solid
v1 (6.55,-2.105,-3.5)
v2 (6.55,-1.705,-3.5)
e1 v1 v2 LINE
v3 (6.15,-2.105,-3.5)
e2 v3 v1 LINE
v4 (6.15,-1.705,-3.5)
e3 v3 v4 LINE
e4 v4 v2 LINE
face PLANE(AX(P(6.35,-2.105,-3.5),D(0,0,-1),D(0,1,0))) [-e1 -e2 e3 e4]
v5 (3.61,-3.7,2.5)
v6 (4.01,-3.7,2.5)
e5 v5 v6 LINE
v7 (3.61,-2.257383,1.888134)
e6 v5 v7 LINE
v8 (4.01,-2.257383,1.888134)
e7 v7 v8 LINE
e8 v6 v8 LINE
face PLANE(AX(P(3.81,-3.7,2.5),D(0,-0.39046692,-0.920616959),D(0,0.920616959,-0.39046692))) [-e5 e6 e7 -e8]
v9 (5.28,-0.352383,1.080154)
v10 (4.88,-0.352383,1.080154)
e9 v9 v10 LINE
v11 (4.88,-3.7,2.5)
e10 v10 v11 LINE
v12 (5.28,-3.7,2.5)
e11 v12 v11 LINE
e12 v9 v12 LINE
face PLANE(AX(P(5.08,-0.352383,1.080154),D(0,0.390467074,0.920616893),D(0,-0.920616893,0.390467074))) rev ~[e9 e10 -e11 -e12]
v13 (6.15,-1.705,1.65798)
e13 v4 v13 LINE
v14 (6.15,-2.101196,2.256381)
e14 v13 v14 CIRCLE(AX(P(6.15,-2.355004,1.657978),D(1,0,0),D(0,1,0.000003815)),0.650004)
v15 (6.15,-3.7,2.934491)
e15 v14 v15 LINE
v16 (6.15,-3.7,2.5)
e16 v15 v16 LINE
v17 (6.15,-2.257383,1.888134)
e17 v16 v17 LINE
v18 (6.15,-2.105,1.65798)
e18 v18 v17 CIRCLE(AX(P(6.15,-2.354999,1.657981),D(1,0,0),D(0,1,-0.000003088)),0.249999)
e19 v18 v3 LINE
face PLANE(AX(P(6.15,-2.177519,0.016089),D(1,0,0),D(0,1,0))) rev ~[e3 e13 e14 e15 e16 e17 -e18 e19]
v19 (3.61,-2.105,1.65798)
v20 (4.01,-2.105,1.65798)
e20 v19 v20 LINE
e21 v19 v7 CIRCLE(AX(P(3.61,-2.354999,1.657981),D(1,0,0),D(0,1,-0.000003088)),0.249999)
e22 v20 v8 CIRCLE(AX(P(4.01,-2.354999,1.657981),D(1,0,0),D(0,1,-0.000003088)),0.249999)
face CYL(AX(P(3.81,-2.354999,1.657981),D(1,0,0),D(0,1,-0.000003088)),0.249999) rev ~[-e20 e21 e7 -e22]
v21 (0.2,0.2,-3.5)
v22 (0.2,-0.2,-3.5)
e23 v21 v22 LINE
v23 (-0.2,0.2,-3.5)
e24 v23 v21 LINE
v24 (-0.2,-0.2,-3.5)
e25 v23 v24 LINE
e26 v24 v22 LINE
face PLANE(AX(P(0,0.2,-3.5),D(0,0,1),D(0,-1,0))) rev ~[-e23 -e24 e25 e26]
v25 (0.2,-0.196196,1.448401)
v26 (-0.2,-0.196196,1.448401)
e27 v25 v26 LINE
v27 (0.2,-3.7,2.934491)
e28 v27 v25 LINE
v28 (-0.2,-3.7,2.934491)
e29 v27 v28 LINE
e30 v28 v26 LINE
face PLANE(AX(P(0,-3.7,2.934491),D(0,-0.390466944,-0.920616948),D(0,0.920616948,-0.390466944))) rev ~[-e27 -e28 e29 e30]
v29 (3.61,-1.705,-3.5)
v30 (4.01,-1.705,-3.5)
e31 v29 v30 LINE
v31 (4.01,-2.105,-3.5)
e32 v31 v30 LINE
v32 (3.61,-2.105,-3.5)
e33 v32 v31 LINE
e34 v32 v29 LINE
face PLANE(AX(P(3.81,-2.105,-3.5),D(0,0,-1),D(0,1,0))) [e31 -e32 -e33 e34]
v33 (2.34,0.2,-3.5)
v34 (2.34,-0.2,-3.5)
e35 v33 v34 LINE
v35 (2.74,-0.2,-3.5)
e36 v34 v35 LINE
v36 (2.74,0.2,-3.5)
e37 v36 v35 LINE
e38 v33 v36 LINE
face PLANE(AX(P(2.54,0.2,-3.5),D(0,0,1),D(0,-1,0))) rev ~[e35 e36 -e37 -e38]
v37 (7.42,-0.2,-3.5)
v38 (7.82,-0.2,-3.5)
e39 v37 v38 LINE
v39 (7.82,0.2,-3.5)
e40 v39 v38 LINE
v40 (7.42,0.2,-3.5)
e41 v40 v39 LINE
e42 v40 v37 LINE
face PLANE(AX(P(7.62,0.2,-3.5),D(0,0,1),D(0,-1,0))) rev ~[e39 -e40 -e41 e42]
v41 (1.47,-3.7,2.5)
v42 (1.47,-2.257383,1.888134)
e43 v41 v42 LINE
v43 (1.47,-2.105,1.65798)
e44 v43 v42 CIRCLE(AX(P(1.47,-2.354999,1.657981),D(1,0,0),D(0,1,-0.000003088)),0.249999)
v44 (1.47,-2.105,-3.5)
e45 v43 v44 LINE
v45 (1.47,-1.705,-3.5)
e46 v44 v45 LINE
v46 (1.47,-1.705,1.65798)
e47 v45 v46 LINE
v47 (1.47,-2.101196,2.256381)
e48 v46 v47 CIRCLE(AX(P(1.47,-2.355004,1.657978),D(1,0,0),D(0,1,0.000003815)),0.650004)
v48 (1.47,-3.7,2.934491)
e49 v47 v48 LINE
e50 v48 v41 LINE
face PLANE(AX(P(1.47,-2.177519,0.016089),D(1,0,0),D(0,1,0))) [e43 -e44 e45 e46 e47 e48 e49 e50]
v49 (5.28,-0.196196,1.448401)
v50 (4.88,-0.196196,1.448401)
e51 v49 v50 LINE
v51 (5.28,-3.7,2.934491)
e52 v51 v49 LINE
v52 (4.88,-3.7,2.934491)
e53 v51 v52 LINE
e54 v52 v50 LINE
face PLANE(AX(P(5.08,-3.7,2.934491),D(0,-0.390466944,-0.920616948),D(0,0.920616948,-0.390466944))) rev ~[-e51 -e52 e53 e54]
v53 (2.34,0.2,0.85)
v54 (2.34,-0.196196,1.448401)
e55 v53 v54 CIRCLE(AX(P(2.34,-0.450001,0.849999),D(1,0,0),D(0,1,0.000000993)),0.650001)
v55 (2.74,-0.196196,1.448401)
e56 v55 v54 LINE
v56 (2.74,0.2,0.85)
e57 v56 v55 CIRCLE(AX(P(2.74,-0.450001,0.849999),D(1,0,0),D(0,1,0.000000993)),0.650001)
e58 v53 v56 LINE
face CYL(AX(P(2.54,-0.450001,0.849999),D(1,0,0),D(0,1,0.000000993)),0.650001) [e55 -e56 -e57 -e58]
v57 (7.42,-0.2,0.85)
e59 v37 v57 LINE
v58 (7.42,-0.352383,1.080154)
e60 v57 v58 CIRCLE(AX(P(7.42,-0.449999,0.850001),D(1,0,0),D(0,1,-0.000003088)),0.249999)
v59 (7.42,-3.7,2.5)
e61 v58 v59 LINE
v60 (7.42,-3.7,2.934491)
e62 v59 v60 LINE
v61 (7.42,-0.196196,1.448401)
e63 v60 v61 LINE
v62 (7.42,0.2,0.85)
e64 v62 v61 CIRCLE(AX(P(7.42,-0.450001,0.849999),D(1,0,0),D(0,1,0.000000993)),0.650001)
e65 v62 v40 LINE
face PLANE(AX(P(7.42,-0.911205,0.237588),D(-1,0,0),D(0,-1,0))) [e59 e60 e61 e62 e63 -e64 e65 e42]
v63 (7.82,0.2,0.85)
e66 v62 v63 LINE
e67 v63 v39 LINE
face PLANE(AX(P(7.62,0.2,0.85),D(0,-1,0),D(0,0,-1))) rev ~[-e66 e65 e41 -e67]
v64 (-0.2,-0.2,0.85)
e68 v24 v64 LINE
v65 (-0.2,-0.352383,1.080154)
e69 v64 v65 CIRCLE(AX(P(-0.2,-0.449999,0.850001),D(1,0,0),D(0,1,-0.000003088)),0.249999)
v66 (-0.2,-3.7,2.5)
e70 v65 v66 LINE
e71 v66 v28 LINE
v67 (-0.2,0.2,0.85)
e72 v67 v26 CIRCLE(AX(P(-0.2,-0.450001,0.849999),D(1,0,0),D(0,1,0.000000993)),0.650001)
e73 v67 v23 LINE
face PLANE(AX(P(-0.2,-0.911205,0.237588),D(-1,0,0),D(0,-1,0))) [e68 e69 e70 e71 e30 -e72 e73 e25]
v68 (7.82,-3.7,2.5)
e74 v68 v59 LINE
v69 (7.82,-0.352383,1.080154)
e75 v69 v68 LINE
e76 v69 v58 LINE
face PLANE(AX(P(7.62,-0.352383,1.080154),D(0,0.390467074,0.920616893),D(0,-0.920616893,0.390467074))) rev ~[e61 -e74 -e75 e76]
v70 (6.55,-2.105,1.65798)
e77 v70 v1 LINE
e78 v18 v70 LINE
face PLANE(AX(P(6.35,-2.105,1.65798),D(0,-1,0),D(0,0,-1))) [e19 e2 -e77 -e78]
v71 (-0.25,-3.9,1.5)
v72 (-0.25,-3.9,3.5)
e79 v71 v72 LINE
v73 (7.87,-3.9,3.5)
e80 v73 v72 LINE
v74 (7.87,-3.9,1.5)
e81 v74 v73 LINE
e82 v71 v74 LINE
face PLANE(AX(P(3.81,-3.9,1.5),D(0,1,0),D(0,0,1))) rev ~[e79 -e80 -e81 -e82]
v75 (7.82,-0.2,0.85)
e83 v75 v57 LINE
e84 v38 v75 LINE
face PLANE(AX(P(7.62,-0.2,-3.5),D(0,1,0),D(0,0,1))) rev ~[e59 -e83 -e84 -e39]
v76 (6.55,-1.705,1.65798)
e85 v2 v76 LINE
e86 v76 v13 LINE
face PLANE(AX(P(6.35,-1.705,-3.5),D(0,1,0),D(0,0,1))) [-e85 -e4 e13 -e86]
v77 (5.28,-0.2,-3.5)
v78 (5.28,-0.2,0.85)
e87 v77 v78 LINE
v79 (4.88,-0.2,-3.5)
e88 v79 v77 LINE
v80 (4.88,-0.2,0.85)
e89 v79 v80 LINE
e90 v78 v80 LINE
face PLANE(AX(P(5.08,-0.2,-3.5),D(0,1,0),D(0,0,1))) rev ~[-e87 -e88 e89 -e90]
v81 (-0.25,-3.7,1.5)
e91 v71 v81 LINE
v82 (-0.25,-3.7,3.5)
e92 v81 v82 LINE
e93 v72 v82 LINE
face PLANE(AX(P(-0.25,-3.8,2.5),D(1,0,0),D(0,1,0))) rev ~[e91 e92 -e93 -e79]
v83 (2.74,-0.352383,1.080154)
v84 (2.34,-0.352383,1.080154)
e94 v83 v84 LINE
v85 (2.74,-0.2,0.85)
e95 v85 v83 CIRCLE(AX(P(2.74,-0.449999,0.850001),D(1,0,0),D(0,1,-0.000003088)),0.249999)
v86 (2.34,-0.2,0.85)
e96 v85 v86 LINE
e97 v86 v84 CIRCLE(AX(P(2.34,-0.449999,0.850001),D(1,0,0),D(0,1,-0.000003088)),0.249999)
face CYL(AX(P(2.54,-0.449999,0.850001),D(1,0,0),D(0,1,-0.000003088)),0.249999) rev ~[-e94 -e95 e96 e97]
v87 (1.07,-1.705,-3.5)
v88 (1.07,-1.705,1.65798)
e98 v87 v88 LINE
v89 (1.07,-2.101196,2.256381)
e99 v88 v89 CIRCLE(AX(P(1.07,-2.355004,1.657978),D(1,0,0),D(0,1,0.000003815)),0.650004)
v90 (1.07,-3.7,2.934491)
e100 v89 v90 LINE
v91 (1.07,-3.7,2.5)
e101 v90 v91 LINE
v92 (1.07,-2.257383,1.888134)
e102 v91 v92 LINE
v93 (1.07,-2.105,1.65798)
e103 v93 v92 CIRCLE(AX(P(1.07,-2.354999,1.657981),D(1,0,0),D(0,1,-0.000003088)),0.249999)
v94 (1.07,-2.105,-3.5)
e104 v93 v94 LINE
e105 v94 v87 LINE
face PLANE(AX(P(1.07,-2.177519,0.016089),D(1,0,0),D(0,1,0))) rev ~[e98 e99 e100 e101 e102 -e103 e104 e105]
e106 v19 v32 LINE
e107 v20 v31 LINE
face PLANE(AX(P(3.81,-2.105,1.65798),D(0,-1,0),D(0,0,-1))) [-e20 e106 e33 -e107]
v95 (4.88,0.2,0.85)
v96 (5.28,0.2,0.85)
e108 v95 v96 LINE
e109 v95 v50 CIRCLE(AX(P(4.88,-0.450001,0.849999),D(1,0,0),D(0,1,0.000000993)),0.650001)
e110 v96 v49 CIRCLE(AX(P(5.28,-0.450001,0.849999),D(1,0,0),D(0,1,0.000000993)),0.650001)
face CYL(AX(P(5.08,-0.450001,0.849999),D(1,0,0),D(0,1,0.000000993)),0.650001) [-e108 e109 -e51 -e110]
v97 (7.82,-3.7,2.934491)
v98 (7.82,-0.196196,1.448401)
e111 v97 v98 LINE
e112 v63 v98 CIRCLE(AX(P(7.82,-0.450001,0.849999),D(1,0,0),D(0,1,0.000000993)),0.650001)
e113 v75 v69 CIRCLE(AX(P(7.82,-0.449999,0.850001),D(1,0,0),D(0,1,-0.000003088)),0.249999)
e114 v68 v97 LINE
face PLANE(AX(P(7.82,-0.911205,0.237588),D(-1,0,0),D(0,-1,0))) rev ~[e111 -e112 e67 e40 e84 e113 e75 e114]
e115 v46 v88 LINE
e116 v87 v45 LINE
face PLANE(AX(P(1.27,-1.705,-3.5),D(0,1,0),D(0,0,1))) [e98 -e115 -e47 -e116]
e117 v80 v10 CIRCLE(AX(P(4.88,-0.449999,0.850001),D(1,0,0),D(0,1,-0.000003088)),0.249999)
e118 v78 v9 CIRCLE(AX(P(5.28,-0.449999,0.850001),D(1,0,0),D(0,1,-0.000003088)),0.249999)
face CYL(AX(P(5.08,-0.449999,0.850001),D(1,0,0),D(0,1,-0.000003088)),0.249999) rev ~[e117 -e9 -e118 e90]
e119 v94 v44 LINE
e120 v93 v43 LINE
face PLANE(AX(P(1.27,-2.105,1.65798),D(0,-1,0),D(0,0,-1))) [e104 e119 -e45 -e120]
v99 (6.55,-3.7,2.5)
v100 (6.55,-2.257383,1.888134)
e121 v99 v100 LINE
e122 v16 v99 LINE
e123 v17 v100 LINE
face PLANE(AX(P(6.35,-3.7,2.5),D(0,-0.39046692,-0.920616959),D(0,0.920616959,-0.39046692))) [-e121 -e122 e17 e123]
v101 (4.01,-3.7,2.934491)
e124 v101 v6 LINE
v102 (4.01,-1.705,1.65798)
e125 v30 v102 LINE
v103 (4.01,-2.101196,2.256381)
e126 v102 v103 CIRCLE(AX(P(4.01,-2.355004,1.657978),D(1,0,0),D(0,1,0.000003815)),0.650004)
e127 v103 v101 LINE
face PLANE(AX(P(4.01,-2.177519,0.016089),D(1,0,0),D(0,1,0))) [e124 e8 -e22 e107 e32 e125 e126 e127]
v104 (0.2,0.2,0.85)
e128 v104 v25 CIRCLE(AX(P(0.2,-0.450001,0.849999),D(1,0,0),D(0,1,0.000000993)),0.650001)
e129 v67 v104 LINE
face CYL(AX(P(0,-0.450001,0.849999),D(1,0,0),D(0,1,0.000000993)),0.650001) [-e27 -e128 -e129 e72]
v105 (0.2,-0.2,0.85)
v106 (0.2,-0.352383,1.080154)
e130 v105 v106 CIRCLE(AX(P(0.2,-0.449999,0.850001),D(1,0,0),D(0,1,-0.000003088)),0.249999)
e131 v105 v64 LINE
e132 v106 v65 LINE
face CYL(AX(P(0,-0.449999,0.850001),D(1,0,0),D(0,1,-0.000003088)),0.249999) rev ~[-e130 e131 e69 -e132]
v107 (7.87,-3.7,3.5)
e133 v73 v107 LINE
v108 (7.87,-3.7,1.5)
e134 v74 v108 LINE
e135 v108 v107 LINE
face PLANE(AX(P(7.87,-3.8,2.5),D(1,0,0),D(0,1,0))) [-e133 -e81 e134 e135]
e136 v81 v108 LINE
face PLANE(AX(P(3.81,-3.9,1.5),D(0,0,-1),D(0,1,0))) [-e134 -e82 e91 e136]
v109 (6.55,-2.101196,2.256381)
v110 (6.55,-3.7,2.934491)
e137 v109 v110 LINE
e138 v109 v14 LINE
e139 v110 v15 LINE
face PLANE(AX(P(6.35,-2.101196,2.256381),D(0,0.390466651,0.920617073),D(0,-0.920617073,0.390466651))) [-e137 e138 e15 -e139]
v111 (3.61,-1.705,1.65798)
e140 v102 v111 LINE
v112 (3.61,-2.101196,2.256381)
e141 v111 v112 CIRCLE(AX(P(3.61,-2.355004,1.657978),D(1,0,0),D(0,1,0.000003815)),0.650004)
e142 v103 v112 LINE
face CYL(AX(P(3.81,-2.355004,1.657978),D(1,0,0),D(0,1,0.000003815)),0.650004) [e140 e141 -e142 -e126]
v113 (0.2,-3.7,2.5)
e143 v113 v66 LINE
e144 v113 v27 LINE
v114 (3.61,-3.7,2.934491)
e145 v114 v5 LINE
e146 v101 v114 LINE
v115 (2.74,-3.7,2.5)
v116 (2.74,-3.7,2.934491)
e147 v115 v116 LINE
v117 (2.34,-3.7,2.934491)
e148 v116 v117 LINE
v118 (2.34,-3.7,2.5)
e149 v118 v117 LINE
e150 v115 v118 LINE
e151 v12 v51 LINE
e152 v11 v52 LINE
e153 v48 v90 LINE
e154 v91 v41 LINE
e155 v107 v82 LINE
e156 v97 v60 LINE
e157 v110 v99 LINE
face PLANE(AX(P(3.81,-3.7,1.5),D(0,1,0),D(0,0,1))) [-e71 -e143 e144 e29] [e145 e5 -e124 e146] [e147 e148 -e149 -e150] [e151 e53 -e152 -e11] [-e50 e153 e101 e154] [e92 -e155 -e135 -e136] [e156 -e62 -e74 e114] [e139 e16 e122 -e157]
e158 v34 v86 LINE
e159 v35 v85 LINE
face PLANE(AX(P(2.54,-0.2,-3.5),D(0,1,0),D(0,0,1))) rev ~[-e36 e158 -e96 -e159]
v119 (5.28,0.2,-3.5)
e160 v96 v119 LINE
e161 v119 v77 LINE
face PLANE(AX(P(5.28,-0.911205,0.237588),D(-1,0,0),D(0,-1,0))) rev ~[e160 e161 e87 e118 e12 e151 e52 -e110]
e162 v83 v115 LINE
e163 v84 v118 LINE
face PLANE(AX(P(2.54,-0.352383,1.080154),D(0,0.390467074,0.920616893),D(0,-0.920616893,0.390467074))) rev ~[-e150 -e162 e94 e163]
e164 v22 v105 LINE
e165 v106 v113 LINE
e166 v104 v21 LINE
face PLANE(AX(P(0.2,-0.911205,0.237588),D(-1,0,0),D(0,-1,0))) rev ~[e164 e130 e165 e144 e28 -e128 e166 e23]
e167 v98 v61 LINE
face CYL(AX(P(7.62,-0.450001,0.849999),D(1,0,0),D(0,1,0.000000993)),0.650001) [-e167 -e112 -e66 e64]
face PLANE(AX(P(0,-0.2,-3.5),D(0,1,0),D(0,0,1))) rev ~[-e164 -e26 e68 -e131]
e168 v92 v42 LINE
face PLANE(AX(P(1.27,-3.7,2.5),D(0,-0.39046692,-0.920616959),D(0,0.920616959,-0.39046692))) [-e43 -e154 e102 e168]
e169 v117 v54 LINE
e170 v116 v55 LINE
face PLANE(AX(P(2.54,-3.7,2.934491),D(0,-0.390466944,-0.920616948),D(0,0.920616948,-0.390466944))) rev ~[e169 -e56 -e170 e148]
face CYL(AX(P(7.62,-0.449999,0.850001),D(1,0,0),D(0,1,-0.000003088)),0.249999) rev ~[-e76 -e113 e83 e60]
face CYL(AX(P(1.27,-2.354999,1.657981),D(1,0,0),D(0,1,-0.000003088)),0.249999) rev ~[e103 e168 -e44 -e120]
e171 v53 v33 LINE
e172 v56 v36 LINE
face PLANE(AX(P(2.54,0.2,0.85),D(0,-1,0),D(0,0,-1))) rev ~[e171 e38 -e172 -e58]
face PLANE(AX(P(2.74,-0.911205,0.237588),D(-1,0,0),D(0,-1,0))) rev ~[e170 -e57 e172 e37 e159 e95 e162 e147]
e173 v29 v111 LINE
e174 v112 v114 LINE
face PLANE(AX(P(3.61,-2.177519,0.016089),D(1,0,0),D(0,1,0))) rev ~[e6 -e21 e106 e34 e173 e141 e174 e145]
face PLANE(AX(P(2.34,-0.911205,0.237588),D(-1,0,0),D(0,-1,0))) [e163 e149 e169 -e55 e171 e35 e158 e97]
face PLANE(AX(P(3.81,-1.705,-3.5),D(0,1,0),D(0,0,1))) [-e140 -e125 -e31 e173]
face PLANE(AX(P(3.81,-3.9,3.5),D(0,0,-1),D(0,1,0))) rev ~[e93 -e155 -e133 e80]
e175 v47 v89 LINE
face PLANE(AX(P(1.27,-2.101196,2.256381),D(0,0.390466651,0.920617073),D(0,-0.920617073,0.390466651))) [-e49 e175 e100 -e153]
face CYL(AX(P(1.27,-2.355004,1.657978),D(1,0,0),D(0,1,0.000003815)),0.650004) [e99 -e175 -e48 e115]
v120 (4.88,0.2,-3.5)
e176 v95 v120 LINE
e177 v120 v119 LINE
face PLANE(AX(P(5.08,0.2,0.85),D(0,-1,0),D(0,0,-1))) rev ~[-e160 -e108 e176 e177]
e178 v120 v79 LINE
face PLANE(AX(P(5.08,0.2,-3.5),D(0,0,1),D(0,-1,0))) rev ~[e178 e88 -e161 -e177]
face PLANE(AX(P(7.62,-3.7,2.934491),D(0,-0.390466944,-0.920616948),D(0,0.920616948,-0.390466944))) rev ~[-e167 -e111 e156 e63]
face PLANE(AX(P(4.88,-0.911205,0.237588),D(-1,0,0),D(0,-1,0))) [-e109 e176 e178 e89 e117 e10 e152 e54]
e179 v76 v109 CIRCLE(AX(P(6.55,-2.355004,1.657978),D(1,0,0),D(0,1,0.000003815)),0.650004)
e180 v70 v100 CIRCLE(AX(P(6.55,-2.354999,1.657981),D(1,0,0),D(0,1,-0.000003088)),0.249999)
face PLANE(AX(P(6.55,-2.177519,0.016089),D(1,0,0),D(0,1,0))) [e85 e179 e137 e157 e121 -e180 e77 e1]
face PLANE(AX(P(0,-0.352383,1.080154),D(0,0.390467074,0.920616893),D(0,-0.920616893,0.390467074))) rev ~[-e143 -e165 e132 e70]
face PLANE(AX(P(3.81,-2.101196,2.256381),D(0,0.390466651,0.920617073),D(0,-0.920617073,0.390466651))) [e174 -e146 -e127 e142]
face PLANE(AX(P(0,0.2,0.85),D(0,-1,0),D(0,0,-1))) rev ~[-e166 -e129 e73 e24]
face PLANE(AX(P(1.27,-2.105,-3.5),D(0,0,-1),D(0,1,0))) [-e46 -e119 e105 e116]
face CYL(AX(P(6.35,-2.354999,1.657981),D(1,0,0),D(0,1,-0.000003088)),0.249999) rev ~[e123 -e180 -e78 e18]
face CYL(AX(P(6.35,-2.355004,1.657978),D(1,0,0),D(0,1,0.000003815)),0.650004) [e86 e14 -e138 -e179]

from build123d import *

# Parameters (mm, degrees)
SKETCH009_W            = 0.2
SKETCH009_H            = 2
PAD004_DEPTH           = 4.06
PAD005_DEPTH           = 0.2
LINEARPATTERN_COUNT    = 4
LINEARPATTERN_PITCH    = 2.54
PAD006_DEPTH           = 0.2
LINEARPATTERN001_COUNT = 3
LINEARPATTERN001_PITCH = 2.54


with BuildPart() as part:
    # Sketch009 (on DatumPlane) → Pad004 (new body, symmetric)
    with BuildSketch(Plane.YZ.offset(3.81)):
        with Locations((-3.8, 2.5)):
            Rectangle(SKETCH009_W, SKETCH009_H)
    extrude(amount=PAD004_DEPTH, both=True)

    # Sketch010 → Pad005 (join, symmetric)
    with BuildSketch(Plane.YZ):
        with BuildLine():
            Line((-0.2, -3.5), (-0.2, 0.85))
            ThreePointArc((-0.2, 0.85), (-0.241548, 0.988014), (-0.352383, 1.080154))
            Line((-0.352383, 1.080154), (-3.7, 2.5))
            Line((-3.7, 2.5), (-3.7, 2.934491))
            Line((-3.7, 2.934491), (-0.196196, 1.448401))
            ThreePointArc((0.2, 0.85), (0.091974, 1.208837), (-0.196196, 1.448401))
            Line((0.2, 0.85), (0.2, -3.5))
            Line((0.2, -3.5), (-0.2, -3.5))
        make_face()
    pad005 = extrude(amount=PAD005_DEPTH, both=True)

    # LinearPattern: Pad005 ×4
    with Locations(*[(i * LINEARPATTERN_PITCH, 0, 0) for i in range(1, LINEARPATTERN_COUNT)]):
        add(pad005)

    # Sketch011 (on DatumPlane) → Pad006 (join, symmetric)
    with BuildSketch(Plane.YZ.offset(1.27)):
        with BuildLine():
            Line((-3.7, 2.934491), (-3.7, 2.5))
            Line((-3.7, 2.5), (-2.257383, 1.888134))
            ThreePointArc((-2.105, 1.65798), (-2.146548, 1.795994), (-2.257383, 1.888134))
            Line((-2.105, 1.65798), (-2.105, -3.5))
            Line((-2.105, -3.5), (-1.705, -3.5))
            Line((-1.705, -3.5), (-1.705, 1.65798))
            ThreePointArc((-1.705, 1.65798), (-1.813026, 2.016816), (-2.101196, 2.256381))
            Line((-2.101196, 2.256381), (-3.7, 2.934491))
        make_face()
    pad006 = extrude(amount=PAD006_DEPTH, both=True)

    # LinearPattern001: Pad006 ×3
    with Locations(*[(i * LINEARPATTERN001_PITCH, 0, 0) for i in range(1, LINEARPATTERN001_COUNT)]):
        add(pad006)


solid = part.part
